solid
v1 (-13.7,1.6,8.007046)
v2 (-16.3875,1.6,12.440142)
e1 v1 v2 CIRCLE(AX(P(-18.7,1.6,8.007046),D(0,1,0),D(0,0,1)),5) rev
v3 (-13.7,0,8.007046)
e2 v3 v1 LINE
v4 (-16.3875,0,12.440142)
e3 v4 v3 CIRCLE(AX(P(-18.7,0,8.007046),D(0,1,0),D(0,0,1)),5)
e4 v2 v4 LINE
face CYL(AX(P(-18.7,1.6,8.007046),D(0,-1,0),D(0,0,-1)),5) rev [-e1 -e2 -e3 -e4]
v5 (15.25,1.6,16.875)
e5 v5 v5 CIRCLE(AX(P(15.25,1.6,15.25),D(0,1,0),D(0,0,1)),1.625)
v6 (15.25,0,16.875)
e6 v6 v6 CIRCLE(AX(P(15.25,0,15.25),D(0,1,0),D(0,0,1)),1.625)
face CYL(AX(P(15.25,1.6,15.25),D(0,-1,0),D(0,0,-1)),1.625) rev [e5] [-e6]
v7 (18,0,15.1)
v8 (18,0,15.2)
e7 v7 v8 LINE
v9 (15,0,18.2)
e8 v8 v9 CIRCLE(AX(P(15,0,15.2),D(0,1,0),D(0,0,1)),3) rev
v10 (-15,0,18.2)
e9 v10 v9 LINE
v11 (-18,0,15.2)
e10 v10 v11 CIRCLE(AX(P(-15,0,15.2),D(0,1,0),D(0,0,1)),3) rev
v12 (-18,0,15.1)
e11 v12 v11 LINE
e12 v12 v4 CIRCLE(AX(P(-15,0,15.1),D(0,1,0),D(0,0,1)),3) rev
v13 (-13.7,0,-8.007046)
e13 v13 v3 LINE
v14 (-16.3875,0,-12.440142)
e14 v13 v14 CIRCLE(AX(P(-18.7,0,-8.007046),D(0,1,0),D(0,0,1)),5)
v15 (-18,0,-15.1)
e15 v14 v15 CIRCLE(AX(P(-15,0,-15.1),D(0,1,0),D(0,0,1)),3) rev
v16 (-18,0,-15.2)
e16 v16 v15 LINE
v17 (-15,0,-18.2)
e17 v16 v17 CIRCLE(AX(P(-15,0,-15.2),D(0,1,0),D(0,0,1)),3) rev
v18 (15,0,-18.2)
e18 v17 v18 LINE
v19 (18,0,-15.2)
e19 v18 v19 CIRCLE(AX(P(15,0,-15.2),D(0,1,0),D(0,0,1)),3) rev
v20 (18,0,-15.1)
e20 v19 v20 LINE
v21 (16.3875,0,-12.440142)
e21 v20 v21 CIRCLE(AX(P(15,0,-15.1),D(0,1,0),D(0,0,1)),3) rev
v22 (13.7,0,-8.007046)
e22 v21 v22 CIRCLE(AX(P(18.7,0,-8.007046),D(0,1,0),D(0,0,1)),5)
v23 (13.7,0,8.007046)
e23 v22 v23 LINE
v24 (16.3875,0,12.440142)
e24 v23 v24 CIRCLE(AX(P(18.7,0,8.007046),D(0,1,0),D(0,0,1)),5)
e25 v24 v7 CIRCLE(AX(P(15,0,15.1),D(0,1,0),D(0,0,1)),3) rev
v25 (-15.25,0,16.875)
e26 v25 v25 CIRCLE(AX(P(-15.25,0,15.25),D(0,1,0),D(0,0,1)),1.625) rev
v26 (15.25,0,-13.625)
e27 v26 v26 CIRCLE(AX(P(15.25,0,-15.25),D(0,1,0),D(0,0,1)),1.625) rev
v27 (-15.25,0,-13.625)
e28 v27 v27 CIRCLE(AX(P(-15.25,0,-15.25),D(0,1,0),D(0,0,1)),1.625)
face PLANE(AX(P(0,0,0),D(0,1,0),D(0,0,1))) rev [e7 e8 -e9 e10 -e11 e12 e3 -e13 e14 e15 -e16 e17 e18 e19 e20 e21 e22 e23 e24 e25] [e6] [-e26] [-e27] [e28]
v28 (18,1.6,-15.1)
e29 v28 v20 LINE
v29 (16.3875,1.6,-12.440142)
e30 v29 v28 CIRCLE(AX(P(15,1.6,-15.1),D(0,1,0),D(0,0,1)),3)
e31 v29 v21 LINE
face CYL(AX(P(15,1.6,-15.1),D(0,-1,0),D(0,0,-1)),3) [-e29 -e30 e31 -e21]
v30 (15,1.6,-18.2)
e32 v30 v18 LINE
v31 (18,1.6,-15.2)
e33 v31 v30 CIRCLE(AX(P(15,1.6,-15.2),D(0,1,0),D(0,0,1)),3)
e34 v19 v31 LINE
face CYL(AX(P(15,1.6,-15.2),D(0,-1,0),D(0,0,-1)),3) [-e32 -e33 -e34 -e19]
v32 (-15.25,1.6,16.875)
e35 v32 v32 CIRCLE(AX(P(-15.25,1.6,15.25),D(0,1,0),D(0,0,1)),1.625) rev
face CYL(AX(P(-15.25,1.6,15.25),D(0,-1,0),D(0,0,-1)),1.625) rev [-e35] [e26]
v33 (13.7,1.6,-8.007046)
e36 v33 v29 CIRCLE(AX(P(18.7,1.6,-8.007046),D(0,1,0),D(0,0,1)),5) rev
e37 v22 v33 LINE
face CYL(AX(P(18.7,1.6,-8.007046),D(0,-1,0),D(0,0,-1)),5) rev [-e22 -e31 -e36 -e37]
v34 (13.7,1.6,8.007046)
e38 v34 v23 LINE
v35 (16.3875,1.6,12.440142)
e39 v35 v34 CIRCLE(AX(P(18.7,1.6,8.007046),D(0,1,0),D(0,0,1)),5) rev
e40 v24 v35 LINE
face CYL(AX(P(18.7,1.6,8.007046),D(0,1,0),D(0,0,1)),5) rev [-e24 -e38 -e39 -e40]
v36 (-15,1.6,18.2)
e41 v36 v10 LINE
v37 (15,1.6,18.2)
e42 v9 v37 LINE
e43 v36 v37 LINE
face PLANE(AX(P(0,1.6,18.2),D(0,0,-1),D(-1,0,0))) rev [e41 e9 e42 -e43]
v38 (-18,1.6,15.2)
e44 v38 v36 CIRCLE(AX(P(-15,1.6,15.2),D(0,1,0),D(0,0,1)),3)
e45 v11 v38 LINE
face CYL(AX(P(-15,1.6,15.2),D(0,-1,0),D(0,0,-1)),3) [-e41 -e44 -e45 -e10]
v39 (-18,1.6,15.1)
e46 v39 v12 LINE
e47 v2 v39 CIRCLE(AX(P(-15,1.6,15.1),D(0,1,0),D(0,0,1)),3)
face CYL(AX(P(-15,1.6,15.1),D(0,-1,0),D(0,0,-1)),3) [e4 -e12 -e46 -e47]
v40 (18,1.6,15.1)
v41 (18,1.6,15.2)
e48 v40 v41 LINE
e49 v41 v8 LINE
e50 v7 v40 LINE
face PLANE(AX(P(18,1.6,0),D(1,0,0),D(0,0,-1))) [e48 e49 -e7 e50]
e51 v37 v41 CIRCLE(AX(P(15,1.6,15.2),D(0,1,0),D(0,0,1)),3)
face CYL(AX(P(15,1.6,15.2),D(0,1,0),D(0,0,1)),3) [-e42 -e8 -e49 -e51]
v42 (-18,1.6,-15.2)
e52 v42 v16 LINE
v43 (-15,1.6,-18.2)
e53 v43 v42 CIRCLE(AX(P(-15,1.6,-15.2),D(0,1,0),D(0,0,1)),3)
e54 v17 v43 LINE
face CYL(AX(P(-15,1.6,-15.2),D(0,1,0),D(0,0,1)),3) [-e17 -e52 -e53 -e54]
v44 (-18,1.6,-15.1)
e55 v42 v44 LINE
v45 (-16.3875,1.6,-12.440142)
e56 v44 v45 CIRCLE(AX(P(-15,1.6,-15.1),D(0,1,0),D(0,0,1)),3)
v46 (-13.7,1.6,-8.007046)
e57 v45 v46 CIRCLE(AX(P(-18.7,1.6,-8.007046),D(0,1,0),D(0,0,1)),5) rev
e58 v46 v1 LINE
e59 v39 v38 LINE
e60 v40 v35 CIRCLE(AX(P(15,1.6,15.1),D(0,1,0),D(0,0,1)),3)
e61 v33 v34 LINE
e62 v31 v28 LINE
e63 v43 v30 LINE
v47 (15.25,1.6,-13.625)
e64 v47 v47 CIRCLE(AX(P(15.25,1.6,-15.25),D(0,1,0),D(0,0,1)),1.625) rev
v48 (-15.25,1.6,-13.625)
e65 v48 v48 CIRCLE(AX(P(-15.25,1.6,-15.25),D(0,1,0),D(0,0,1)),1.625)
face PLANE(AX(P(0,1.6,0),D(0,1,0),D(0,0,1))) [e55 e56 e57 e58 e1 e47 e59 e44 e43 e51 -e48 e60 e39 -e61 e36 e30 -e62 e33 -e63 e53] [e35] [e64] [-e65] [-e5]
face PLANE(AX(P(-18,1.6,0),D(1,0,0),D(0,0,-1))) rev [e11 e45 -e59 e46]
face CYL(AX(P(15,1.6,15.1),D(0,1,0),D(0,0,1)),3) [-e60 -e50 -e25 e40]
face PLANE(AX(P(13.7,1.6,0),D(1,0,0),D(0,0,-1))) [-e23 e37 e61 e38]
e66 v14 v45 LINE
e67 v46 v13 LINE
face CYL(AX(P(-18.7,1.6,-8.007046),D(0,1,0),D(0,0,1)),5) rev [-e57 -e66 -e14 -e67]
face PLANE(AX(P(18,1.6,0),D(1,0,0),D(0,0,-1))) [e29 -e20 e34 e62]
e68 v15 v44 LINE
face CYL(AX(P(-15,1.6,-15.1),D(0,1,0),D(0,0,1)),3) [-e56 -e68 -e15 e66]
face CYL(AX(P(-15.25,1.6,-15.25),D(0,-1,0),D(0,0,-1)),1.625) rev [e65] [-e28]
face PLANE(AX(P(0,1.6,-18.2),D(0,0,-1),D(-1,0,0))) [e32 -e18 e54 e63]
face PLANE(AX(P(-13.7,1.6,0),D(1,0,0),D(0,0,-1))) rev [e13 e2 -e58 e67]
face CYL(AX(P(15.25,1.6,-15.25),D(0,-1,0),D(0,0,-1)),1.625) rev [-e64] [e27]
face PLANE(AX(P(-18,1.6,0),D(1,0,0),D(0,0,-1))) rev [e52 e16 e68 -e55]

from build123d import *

# Parameters (mm, degrees)
SKETCH1_R           = 1.625
BOSS_EXTRUDE1_DEPTH = 1.6
FILLET1_R           = 3
FILLET2_R           = 5


with BuildPart() as part:
    # Sketch1 → Boss-Extrude1 (new body)
    with BuildSketch(Plane(origin=(0, 0, 0), x_dir=(1, 0, 0), z_dir=(0, 1, 0))):
        Polygon((-18, 18.2), (-18, 12.1), (-13.7, 12.1), (-13.7, -12.1), (-18, -12.1), (-18, -18.2), (18, -18.2), (18, -12.1), (13.7, -12.1), (13.7, 12.1), (18, 12.1), (18, 18.2), align=None)
        with Locations(Location((15.25, -15.25, 0), (0, 0, 270))):
            Circle(SKETCH1_R, mode=Mode.SUBTRACT)
        with Locations(Location((15.25, 15.25, 0), (0, 0, 270))):
            Circle(SKETCH1_R, mode=Mode.SUBTRACT)
        with Locations(Location((-15.25, 15.25, 0), (0, 0, 270))):
            Circle(SKETCH1_R, mode=Mode.SUBTRACT)
        with Locations(Location((-15.25, -15.25, 0), (0, 0, 270))):
            Circle(SKETCH1_R, mode=Mode.SUBTRACT)
    extrude(amount=BOSS_EXTRUDE1_DEPTH)

    # Fillet1
    fillet1_edges = [part.edges().sort_by_distance(p)[0] for p in [
        (-18, 0.8, 18.2),
        (-18, 0.8, 12.1),
        (-18, 0.8, -12.1),
        (-18, 0.8, -18.2),
        (18, 0.8, -18.2),
        (18, 0.8, -12.1),
        (18, 0.8, 12.1),
        (18, 0.8, 18.2),
    ]]
    fillet(fillet1_edges, radius=FILLET1_R)

    # Fillet2
    fillet2_edges = [part.edges().sort_by_distance(p)[0] for p in [
        (13.7, 0.8, -12.1),
        (13.7, 0.8, 12.1),
        (-13.7, 0.8, 12.1),
        (-13.7, 0.8, -12.1),
    ]]
    fillet(fillet2_edges, radius=FILLET2_R)


solid = part.part
